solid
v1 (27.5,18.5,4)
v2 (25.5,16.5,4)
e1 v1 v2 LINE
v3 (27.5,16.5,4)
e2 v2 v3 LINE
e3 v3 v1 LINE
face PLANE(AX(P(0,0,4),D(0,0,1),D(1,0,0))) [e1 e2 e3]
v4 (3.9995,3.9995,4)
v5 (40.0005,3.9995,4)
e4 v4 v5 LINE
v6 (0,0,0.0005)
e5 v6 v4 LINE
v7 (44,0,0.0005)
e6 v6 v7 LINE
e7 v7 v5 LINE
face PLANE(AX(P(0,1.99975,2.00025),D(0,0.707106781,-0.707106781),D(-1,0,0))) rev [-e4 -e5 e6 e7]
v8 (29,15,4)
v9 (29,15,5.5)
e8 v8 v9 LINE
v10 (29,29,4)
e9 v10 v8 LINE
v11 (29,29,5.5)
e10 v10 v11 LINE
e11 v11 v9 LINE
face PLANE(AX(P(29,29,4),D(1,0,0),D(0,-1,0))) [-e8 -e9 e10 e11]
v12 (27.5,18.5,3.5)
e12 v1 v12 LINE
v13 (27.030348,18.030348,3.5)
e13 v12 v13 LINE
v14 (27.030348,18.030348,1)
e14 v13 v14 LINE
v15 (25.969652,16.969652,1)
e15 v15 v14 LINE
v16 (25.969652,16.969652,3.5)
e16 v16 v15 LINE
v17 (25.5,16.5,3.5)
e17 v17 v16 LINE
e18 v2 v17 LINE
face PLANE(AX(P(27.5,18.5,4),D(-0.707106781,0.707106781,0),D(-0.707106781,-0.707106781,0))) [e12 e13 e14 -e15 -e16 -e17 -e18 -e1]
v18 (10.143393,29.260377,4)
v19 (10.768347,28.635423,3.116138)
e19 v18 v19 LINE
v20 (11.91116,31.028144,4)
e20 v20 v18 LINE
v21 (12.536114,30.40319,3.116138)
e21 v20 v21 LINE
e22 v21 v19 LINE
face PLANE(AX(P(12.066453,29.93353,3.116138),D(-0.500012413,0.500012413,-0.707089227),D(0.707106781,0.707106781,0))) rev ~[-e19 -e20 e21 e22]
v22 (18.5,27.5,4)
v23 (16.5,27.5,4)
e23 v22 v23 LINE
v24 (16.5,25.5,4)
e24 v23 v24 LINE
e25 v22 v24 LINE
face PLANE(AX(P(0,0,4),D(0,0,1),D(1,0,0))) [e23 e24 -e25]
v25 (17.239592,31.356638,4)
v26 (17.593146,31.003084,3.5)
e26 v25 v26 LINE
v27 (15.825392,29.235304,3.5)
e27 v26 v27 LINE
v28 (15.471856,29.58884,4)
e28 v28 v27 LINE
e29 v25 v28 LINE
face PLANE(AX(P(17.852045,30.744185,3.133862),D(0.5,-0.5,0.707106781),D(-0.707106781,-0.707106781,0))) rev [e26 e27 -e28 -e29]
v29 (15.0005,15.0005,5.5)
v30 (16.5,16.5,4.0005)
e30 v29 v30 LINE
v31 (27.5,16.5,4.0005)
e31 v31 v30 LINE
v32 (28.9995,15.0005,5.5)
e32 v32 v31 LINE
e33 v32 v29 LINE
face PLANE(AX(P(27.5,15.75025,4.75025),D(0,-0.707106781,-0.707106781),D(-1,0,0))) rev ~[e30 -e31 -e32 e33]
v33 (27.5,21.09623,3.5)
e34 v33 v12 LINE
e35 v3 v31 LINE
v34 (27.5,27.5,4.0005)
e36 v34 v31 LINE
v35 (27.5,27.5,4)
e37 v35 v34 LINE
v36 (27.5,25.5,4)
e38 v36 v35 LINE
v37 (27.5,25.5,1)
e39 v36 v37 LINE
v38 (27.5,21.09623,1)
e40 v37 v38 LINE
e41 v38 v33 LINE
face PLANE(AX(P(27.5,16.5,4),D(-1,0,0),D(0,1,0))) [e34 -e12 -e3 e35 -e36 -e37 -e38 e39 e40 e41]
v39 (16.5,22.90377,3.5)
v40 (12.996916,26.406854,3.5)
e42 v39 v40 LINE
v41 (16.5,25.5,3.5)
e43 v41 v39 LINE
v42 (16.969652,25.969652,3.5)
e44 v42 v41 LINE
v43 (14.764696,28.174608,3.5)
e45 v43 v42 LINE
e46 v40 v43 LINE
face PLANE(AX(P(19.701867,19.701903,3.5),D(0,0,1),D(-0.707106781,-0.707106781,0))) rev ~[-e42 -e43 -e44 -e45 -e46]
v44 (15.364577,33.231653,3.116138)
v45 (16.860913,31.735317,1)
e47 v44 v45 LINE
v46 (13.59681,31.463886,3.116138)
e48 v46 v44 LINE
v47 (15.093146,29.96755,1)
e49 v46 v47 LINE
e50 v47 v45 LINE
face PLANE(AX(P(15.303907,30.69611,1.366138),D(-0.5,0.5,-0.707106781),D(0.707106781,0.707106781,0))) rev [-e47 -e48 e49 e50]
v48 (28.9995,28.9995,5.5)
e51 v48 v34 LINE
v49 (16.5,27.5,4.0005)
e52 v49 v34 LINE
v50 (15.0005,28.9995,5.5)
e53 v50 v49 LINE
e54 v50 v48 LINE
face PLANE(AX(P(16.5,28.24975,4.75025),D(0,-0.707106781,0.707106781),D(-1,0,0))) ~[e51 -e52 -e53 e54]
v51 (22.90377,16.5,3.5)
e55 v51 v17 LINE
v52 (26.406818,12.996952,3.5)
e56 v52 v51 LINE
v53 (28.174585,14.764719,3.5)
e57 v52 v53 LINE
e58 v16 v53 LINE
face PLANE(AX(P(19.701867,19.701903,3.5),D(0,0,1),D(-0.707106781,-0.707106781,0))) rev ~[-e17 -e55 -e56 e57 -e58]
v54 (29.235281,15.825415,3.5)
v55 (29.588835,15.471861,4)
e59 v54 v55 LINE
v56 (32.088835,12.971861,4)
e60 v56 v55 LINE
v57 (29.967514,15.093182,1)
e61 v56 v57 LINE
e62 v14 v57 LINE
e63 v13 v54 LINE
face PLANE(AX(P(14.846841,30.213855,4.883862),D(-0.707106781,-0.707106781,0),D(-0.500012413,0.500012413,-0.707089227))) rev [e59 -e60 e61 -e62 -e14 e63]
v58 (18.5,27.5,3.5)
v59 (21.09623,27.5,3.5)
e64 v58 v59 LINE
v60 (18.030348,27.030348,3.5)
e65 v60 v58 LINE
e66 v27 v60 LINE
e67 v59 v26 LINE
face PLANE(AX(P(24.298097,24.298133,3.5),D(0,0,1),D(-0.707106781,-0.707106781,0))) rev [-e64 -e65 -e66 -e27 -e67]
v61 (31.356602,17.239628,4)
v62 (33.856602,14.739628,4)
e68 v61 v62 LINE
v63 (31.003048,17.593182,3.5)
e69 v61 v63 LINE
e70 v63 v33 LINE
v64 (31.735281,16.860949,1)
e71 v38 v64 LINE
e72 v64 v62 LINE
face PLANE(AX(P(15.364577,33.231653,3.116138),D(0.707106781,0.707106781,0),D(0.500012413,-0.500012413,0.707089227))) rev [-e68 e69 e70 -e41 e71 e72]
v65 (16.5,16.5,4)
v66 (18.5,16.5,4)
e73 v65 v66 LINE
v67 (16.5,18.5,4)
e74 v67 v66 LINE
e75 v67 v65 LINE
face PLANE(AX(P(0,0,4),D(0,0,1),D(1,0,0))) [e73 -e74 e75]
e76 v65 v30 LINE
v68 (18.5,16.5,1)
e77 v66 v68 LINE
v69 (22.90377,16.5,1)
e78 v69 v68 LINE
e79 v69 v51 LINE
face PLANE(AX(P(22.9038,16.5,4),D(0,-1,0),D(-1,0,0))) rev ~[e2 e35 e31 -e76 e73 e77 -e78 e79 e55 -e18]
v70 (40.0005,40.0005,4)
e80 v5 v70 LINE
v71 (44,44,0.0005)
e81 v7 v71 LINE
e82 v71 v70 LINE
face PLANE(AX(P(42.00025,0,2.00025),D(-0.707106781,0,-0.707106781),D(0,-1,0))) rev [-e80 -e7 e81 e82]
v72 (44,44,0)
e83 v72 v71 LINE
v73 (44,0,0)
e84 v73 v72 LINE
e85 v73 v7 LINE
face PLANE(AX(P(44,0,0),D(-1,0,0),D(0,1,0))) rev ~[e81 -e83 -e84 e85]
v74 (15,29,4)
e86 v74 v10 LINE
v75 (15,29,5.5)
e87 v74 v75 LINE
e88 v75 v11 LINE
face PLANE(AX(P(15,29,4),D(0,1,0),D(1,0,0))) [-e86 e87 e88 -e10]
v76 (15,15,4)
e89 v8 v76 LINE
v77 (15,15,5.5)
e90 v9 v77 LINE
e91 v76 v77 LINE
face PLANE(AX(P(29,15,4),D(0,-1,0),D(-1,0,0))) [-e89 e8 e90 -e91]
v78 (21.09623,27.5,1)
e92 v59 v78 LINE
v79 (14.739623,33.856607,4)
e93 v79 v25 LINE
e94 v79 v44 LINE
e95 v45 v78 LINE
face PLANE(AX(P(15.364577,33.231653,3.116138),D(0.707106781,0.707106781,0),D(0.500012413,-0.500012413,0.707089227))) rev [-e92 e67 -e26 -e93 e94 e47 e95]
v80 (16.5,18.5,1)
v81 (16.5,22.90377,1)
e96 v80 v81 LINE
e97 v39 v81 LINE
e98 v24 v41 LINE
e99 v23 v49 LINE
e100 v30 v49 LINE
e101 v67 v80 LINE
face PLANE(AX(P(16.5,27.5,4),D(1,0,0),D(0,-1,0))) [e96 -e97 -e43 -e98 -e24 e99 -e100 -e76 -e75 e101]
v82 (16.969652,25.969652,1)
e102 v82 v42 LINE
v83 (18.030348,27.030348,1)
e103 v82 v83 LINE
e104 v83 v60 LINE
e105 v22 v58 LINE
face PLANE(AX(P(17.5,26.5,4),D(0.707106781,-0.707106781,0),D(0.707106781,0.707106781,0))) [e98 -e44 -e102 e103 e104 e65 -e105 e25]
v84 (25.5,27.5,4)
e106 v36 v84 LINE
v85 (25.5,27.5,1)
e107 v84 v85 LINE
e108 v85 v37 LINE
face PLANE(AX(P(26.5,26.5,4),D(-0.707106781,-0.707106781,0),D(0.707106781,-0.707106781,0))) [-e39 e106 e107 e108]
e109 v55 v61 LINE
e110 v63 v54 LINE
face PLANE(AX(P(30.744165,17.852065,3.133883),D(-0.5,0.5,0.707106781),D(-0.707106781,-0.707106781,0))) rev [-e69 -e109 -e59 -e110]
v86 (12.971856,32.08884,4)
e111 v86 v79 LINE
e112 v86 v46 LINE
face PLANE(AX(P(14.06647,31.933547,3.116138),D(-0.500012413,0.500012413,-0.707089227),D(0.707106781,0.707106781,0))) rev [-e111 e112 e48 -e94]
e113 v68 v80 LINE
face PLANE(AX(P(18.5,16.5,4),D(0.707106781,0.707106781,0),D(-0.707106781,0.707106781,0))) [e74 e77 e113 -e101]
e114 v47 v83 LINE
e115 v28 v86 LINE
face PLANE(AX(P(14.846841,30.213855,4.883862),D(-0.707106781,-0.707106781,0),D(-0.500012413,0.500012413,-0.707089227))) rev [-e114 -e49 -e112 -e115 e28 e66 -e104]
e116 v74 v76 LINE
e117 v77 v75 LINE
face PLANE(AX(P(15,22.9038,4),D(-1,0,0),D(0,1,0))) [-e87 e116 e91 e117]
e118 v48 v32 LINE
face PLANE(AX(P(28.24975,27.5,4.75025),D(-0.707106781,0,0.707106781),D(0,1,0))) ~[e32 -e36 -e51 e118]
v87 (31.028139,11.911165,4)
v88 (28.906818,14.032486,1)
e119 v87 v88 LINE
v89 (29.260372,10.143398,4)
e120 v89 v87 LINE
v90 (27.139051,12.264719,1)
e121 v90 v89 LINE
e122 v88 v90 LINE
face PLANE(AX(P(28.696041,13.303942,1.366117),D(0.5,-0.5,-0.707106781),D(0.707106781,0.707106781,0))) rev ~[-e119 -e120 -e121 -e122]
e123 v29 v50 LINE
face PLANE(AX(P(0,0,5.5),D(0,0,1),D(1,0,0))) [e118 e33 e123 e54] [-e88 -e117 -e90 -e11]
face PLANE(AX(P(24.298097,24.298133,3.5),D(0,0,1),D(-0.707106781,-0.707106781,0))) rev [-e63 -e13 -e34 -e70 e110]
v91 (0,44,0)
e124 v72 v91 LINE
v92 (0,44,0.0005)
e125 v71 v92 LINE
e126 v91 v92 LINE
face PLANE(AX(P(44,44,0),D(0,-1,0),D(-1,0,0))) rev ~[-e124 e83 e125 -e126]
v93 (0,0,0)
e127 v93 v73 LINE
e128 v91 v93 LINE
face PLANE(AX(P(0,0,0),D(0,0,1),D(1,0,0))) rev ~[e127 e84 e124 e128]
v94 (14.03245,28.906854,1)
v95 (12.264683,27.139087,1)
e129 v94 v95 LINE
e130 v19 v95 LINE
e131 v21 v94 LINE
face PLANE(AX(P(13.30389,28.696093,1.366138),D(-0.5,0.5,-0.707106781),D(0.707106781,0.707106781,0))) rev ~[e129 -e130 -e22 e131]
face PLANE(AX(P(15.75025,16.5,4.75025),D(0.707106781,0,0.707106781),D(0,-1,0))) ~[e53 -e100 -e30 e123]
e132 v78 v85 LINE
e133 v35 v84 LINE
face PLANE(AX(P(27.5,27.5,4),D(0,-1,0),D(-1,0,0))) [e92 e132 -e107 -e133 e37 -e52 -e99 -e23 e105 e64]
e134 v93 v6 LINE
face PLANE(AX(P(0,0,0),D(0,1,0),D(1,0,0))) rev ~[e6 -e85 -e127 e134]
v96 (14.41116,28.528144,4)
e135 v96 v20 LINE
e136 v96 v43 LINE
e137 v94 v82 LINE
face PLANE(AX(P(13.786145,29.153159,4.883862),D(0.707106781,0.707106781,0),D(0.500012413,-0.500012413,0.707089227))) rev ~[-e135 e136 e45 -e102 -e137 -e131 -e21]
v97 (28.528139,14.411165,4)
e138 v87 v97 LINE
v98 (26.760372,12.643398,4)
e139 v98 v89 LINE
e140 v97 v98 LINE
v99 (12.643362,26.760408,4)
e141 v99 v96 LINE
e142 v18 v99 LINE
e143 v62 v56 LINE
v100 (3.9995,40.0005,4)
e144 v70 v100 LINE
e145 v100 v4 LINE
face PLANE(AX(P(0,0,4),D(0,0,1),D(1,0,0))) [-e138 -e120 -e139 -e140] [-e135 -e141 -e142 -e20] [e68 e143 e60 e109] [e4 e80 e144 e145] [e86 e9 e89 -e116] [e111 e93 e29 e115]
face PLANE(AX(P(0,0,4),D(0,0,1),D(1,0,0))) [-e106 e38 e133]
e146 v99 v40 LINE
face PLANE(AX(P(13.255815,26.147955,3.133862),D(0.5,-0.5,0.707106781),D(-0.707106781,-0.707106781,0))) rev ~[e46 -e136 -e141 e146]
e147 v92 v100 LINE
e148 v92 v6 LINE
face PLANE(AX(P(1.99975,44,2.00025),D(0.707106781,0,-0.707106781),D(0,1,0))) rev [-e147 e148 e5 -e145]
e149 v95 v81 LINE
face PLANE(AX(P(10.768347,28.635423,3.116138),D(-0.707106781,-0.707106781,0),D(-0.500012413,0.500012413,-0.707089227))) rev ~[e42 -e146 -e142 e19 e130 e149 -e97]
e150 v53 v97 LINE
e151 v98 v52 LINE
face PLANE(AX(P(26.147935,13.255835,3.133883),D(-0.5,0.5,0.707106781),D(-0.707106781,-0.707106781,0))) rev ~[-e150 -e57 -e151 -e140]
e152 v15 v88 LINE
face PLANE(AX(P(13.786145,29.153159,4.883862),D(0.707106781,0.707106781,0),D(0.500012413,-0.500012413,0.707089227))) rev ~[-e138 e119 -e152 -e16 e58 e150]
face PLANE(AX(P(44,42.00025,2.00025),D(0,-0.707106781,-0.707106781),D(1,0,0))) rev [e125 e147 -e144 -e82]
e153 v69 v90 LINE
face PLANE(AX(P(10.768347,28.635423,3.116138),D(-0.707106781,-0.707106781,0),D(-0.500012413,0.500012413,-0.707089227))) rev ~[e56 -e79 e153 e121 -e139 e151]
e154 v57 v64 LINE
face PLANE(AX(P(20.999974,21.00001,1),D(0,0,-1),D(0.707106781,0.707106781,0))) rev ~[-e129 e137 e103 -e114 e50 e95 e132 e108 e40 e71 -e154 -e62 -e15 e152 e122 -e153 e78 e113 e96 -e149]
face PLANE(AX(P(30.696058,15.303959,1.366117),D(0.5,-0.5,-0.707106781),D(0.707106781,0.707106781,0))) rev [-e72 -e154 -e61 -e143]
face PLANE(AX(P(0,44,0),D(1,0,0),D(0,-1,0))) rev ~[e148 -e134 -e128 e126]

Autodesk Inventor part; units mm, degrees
ref_plane "YZ Plane" through (0, 0, 0) normal (1, 0, 0) x (0, 1, 0)
sketch "Sketch1" plane through (0, 0, 0) normal (0, 0, 1) x (1, 0, 0)
  line L0 (0, 0) -> (44, 0)
  line L1 (44, 0) -> (44, 44)
  line L2 (44, 44) -> (0, 44)
  line L3 (0, 44) -> (0, 0)
  dimension "d0" = 44
  dimension "d1" = 44
extrude "Extrusion1" add sketch "Sketch1" along normal blind 4
chamfer "Chamfer1" distance 4 angle 45 4 edges at (22, 44, 4) (44, 22, 4) (22, 0, 4) (0, 22, 4)
sketch "Sketch2" plane through (0, 0, 4) normal (0, 0, 1) x (1, 0, 0)
  line L0 (40, 4) -> (4, 4) projected
  line L1 (40, 40) -> (40, 4) projected
  line L2 (4, 40) -> (40, 40) projected
  line L3 (4, 4) -> (4, 40) projected
  line L4 (40, 4) -> (4, 4) projected
  line L5 (40, 40) -> (40, 4) projected
  line L6 (4, 4) -> (40, 40)
  line L7 (4, 40) -> (40, 40) projected
  line L8 (40, 4) -> (4, 40)
  line L9 (22, 16.5) -> (16.5, 16.5)
  line L10 (16.5, 16.5) -> (16.5, 27.5)
  line L11 (16.5, 27.5) -> (27.5, 27.5)
  line L12 (27.5, 27.5) -> (27.5, 16.5)
  line L13 (27.5, 16.5) -> (22, 16.5)
  line L14 (27.5, 27.5) -> (27.5, 25.5)
  arc A0 (18.5, 27.5) -> (16.5, 25.5) centre (18.5, 25.5) ccw
  line L15 (18.5, 25.5) -> (18.5, 18.5)
  line L16 (18.5, 18.5) -> (25.5, 18.5)
  line L17 (25.5, 18.5) -> (25.5, 25.5)
  arc A1 (16.5, 18.5) -> (18.5, 16.5) centre (18.5, 18.5) ccw
  arc A2 (25.5, 16.5) -> (27.5, 18.5) centre (25.5, 18.5) ccw
  arc A3 (27.5, 25.5) -> (25.5, 27.5) centre (25.5, 25.5) ccw
  line L18 (27.5, 18.5) -> (25.5, 16.5)
  line L19 (18.5, 16.5) -> (16.5, 18.5)
  line L20 (16.5, 25.5) -> (18.5, 27.5)
  line L21 (25.5, 27.5) -> (27.5, 25.5)
  point P0 (0, 0)
  dimension "d86" = 2
extrude "Extrusion2" cut sketch "Sketch2" against normal blind 3 contours L18 L8 L17 L6 L21 L12 | L13 L9 L19 L6 L16 L8 L18 | L10 L20 L8 L15 L6 L19 | L21 L6 L8 L20 L11 | L16 L6 L8 | L8 L6 L17 | L15 L8 L6
ref_plane "Work Plane3" through (27.5, 16.5, 4) normal (-0.7071, -0.7071, 0) x (0, 0, 1)
ref_plane "Work Plane4" through (27.5, 27.5, 4) normal (0.7071, -0.7071, 0) x (0, 0, 1)
ref_plane "Work Plane5" through (26.0858, 15.0858, 4) normal (-0.7071, -0.7071, 0) x (0, 0, 1)
sketch "Sketch13" plane through (27.5, 27.5, 4) normal (0.7071, -0.7071, 0) x (0, 0, 1)
  line L0 (-4.8, 9.7782) -> (0.8, 9.7782) projected
  line L1 (-3, 9.1924) -> (-3, 14.1421) projected
  line L2 (-3, 9.7782) -> (-3, 11.0282)
  line L3 (-3, 11.0282) -> (-0.5, 11.0282)
  line L4 (-0.5, 11.0282) -> (-0.5, 8.5282)
  line L5 (-0.5, 8.5282) -> (-3, 8.5282)
  line L6 (-3, 8.5282) -> (-3, 9.7782)
  point P0 (-4, 38.8909)
  point P1 (-3, 9.1924)
  dimension "d88" = 1.25
  dimension "d89" = 2.5
  dimension "d90" = 2.5
sketch "Sketch14" plane through (26.0858, 15.0858, 4) normal (-0.7071, -0.7071, 0) x (0, 0, 1)
  line L0 (-3, 7.7782) -> (-1.75, 7.7782)
  line L1 (-1.75, 7.7782) -> (-1.75, 17.7782)
  line L2 (-1.75, 17.7782) -> (0, 19.5282)
  line L3 (-1.75, 17.7782) -> (0.7249, 17.7782) construction
  line L4 (-1.75, 7.7782) -> (-1.75, -2.2218)
  line L5 (-1.75, -2.2218) -> (0, -3.9718)
  line L6 (0, 19.5282) -> (2.0141, 21.5422)
  line L7 (0, -3.9718) -> (2.0141, -5.9859)
  point P0 (-4, 7.7782)
  dimension "d91" = 1.25
  dimension "d92" = 10
  dimension "d93" = 45
  dimension "d94" = 10
sweep "Sweep3" cut profiles "Sketch13" path "Sketch14" path curves L7 L5 L4 L1 L2 L6
mirror "Mirror2" about plane through (27.5, 16.5, 4) normal (-0.7071, -0.7071, 0) of "Sweep3"
sketch "Sketch15" plane through (0, 0, 4) normal (0, 0, 1) x (1, 0, 0)
  line L0 (17.2396, 31.3566) -> (15.4718, 29.5888) projected
  line L1 (15.4718, 29.5888) -> (12.9718, 32.0888) projected
  line L2 (12.9718, 32.0888) -> (14.7396, 33.8566) projected
  line L3 (14.7396, 33.8566) -> (17.2396, 31.3566) projected
  line L4 (31.3566, 17.2396) -> (33.8566, 14.7396) projected
  line L5 (33.8566, 14.7396) -> (32.0888, 12.9718) projected
  line L6 (32.0888, 12.9718) -> (29.5888, 15.4718) projected
  line L7 (29.5888, 15.4718) -> (31.3566, 17.2396) projected
  line L8 (14.4112, 28.5282) -> (12.6434, 26.7604) projected
  line L9 (12.6434, 26.7604) -> (10.1434, 29.2604) projected
  line L10 (10.1434, 29.2604) -> (11.9112, 31.0282) projected
  line L11 (11.9112, 31.0282) -> (14.4112, 28.5282) projected
  line L12 (29.2604, 10.1434) -> (26.7604, 12.6434) projected
  line L13 (26.7604, 12.6434) -> (28.5282, 14.4112) projected
  line L14 (28.5282, 14.4112) -> (31.0282, 11.9112) projected
  line L15 (31.0282, 11.9112) -> (29.2604, 10.1434) projected
  line L16 (18.5, 16.5) -> (16.5, 18.5) projected
  line L17 (16.5, 18.5) -> (16.5, 25.5) projected
  line L18 (16.5, 25.5) -> (18.5, 27.5) projected
  line L19 (18.5, 27.5) -> (25.5, 27.5) projected
  line L20 (25.5, 27.5) -> (27.5, 25.5) projected
  line L21 (27.5, 25.5) -> (27.5, 18.5) projected
  line L22 (27.5, 18.5) -> (25.5, 16.5) projected
  line L23 (25.5, 16.5) -> (18.5, 16.5) projected
  line L24 (40, 4) -> (4, 4) projected
  line L25 (40, 40) -> (40, 4) projected
  line L26 (4, 40) -> (40, 40) projected
  line L27 (4, 4) -> (4, 40) projected
  line L28 (16.5, 18.5) -> (16.5, 22.9038) projected
  line L29 (15, 22.9038) -> (15, 29)
  line L30 (15, 29) -> (29, 29)
  line L31 (29, 29) -> (29, 15)
  line L32 (29, 15) -> (15, 15)
  line L33 (15, 15) -> (15, 29)
  line L34 (16.5, 18.5) -> (16.5, 16.5)
  line L35 (16.5, 16.5) -> (18.5, 16.5)
  line L36 (25.5, 16.5) -> (22.9038, 16.5) projected
  line L37 (25.5, 16.5) -> (27.5, 16.5)
  line L38 (27.5, 16.5) -> (27.5, 18.5)
  line L39 (27.5, 25.5) -> (27.5, 27.5)
  line L40 (25.5, 27.5) -> (27.5, 25.5) projected
  line L41 (27.5, 27.5) -> (25.5, 27.5)
  line L42 (18.5, 27.5) -> (16.5, 27.5)
  line L43 (16.5, 27.5) -> (16.5, 25.5)
  point P0 (0, 0)
  dimension "d97" = 1.5
extrude "Extrusion7" add sketch "Sketch15" along normal blind 1.5 contours L29 L30 L31 L32 L33
chamfer "Chamfer6" distance 1.5 angle 45 4 edges at (22, 16.5, 5.5) (16.5, 22, 5.5) (27.5, 22, 5.5) (22, 27.5, 5.5)
properties part number "clear-square-reed"
